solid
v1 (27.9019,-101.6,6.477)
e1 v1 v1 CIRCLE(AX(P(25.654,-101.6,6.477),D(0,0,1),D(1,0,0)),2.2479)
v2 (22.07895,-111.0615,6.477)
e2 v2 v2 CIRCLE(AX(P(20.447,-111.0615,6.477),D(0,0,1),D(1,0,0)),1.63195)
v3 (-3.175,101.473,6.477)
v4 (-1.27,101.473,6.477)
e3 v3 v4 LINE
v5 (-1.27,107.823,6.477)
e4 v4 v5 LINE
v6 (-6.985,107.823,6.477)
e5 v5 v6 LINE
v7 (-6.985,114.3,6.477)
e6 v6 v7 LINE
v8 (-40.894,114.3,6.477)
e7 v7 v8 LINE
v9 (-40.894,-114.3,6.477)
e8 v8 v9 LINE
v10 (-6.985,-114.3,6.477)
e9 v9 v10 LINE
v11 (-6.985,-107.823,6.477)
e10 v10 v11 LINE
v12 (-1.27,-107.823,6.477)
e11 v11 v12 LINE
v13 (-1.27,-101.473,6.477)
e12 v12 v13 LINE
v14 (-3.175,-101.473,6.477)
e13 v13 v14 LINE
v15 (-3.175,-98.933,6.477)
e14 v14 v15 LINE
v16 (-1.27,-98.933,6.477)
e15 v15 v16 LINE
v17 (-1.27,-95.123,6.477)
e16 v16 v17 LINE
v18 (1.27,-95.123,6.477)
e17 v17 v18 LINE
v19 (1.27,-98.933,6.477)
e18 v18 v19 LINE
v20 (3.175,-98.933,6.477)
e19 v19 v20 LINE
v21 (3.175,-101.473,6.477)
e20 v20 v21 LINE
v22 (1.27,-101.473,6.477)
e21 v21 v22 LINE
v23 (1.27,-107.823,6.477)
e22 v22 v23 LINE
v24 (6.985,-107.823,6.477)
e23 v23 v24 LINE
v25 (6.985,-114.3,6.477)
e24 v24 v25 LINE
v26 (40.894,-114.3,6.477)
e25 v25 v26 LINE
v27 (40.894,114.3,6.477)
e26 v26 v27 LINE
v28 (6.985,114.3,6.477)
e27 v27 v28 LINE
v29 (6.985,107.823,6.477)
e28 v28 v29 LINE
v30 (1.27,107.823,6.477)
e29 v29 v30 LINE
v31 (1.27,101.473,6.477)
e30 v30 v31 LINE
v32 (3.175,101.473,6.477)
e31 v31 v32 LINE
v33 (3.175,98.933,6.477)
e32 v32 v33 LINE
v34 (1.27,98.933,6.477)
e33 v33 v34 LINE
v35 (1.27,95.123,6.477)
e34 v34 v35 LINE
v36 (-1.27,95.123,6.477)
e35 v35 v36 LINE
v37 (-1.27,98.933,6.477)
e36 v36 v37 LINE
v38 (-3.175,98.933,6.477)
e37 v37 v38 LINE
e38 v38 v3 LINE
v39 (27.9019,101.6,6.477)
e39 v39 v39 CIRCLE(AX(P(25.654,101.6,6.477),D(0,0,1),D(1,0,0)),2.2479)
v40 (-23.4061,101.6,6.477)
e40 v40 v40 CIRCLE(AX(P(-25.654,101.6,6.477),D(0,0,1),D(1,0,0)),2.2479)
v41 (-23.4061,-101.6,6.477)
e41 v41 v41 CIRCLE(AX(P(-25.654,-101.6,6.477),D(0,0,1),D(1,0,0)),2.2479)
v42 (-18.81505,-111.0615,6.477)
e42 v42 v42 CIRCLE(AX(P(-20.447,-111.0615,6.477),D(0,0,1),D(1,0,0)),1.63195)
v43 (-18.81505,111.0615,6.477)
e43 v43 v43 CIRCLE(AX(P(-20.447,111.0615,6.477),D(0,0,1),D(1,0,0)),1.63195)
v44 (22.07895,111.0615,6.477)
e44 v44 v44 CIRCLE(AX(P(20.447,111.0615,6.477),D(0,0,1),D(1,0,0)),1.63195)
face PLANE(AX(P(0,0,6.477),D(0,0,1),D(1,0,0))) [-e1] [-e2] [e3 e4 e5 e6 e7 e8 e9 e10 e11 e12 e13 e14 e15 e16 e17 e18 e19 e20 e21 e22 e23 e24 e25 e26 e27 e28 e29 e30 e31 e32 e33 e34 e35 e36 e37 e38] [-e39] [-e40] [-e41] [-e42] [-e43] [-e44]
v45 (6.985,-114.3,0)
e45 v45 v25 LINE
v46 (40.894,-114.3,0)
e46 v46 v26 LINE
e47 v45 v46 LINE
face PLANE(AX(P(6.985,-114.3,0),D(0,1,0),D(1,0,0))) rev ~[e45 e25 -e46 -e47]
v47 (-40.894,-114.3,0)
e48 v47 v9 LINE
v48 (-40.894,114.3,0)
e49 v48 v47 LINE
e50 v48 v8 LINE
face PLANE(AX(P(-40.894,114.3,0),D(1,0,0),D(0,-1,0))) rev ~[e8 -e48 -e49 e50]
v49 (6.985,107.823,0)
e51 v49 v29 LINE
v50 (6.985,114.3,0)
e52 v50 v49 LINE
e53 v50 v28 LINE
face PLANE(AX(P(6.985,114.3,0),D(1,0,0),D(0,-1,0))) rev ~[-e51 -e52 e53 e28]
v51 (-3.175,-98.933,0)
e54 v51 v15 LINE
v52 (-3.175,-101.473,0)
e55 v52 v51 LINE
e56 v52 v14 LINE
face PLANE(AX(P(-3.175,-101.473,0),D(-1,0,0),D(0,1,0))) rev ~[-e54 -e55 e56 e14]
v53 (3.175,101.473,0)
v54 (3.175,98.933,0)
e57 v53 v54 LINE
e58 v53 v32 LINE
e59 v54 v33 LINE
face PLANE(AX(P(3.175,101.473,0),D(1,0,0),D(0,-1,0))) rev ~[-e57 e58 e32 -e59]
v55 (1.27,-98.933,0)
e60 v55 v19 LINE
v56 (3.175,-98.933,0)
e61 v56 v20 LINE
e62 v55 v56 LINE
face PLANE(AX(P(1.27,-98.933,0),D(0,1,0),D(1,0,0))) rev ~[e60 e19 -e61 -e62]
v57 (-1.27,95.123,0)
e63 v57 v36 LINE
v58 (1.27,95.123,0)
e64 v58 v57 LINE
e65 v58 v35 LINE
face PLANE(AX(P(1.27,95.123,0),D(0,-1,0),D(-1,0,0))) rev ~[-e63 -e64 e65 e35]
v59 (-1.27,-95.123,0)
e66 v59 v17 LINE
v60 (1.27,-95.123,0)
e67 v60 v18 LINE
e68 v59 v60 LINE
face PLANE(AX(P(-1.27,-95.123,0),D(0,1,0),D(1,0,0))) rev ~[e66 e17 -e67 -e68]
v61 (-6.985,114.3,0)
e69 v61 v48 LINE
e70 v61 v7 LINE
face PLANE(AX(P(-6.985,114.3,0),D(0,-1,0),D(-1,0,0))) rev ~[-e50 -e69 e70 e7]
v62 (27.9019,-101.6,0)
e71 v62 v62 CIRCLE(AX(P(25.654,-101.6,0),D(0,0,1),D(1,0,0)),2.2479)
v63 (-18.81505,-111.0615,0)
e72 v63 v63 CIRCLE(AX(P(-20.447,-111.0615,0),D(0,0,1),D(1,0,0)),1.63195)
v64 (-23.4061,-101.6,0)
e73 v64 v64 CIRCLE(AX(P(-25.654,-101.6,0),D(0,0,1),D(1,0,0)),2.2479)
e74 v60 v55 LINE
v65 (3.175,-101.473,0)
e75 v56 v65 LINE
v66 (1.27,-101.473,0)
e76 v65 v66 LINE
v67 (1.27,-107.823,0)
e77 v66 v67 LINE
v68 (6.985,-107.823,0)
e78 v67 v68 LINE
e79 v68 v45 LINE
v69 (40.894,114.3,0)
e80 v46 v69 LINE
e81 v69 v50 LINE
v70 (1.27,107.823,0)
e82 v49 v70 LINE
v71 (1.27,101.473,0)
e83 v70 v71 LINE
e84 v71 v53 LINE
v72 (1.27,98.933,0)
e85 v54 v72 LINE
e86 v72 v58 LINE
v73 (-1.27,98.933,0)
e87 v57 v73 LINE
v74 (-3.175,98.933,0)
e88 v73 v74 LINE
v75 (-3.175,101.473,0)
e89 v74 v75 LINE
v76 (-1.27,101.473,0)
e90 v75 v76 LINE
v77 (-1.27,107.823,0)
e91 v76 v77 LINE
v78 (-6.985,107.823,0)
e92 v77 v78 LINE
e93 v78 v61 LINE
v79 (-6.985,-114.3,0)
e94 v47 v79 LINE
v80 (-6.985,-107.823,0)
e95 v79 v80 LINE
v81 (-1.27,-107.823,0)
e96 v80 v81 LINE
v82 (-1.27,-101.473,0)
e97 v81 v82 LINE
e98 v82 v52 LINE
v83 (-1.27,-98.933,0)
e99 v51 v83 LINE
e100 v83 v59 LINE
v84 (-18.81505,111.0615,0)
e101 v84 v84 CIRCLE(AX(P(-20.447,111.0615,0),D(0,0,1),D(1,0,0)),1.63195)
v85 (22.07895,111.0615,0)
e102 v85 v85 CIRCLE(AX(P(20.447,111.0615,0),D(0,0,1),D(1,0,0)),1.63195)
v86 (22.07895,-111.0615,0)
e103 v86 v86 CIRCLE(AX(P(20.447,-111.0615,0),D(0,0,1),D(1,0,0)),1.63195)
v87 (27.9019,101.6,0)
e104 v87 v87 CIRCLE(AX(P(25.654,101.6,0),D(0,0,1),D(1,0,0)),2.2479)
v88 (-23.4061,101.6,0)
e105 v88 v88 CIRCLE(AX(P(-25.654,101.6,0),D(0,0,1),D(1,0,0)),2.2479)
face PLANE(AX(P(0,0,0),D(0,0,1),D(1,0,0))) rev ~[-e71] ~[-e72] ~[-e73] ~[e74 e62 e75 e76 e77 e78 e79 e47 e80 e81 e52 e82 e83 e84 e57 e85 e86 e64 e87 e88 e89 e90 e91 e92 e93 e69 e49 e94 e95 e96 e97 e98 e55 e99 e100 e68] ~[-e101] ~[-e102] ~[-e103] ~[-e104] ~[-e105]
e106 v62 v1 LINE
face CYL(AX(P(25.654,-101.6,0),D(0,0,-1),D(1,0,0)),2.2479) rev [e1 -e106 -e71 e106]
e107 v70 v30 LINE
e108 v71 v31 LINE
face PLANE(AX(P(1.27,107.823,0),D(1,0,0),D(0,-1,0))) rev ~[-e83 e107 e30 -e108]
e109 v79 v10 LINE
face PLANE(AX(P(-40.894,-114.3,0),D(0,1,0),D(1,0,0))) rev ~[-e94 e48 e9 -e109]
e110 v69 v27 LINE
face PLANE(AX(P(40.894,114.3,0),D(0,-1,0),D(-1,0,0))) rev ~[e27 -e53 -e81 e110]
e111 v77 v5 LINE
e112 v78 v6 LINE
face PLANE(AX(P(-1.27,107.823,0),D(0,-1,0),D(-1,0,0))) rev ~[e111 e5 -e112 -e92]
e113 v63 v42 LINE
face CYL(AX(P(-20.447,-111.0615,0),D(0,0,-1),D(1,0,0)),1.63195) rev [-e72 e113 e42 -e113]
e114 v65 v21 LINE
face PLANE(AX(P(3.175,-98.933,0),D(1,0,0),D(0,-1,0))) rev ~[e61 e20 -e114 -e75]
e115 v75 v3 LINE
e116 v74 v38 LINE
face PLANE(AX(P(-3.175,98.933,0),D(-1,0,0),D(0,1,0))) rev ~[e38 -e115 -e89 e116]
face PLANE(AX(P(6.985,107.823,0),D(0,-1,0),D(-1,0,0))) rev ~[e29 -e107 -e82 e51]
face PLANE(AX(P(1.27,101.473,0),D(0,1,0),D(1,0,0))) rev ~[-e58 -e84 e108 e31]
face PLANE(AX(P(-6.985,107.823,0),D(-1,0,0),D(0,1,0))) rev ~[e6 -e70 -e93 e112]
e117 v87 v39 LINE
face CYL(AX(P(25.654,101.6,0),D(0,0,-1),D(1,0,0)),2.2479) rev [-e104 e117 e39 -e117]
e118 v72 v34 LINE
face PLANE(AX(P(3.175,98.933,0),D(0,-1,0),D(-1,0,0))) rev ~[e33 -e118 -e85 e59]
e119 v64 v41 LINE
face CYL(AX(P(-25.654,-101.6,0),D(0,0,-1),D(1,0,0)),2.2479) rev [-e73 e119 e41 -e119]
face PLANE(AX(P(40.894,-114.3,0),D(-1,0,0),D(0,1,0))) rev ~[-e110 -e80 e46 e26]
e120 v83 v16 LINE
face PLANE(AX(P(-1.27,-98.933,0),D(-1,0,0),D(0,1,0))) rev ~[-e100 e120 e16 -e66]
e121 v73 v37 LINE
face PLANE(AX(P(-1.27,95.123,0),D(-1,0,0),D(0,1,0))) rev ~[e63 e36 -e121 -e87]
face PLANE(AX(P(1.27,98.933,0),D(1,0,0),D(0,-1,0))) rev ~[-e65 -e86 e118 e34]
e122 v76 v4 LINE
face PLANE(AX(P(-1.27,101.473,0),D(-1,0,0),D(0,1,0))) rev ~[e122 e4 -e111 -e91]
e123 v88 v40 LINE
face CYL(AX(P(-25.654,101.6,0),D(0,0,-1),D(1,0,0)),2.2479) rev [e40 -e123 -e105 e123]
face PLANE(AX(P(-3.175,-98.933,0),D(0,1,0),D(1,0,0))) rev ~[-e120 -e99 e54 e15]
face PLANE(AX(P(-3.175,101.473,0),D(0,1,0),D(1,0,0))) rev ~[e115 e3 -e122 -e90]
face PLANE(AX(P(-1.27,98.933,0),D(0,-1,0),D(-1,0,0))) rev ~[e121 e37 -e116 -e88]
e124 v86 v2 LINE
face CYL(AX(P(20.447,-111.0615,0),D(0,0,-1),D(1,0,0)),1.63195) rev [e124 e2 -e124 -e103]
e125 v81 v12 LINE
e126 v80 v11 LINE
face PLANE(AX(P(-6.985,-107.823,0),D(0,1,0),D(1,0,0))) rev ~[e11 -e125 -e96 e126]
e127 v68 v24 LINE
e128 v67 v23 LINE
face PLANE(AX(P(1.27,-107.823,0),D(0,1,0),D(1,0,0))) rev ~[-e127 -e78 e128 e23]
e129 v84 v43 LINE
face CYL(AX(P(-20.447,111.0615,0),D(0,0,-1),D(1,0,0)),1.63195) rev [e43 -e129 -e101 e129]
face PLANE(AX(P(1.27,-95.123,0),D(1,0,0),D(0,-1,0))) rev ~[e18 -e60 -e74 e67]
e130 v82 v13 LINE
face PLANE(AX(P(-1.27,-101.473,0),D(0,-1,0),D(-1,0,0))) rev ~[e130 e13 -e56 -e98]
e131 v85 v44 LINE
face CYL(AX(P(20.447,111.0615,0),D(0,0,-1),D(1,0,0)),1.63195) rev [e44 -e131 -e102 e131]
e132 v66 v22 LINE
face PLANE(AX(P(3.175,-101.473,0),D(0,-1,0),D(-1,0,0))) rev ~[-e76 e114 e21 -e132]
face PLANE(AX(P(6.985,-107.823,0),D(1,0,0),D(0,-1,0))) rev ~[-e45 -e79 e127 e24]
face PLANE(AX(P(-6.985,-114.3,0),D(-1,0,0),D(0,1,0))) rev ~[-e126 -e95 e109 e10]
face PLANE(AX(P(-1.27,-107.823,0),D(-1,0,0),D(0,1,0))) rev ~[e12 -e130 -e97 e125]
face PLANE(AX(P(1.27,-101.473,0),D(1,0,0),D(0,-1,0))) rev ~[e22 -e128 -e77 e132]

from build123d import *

# Parameters (mm, degrees)
SKETCH1_R           = 2.2479
SKETCH1_R_2         = 1.63195
BOSS_EXTRUDE1_DEPTH = 6.477


with BuildPart() as part:
    # Sketch1 → Boss-Extrude1 (new body)
    with BuildSketch(Plane.XY):
        Polygon((-6.985, -107.823), (-1.27, -107.823), (-1.27, -101.473), (-3.175, -101.473), (-3.175, -98.933), (-1.27, -98.933), (-1.27, -95.123), (1.27, -95.123), (1.27, -98.933), (3.175, -98.933), (3.175, -101.473), (1.27, -101.473), (1.27, -107.823), (6.985, -107.823), (6.985, -114.3), (40.894, -114.3), (40.894, 114.3), (6.985, 114.3), (6.985, 107.823), (1.27, 107.823), (1.27, 101.473), (3.175, 101.473), (3.175, 98.933), (1.27, 98.933), (1.27, 95.123), (-1.27, 95.123), (-1.27, 98.933), (-3.175, 98.933), (-3.175, 101.473), (-1.27, 101.473), (-1.27, 107.823), (-6.985, 107.823), (-6.985, 114.3), (-40.894, 114.3), (-40.894, -114.3), (-6.985, -114.3), align=None)
        with Locations((-25.654, -101.6)):
            Circle(SKETCH1_R, mode=Mode.SUBTRACT)
        with Locations((-20.447, -111.0615)):
            Circle(SKETCH1_R_2, mode=Mode.SUBTRACT)
        with Locations((20.447, -111.0615)):
            Circle(SKETCH1_R_2, mode=Mode.SUBTRACT)
        with Locations((25.654, -101.6)):
            Circle(SKETCH1_R, mode=Mode.SUBTRACT)
        with Locations((-25.654, 101.6)):
            Circle(SKETCH1_R, mode=Mode.SUBTRACT)
        with Locations((-20.447, 111.0615)):
            Circle(SKETCH1_R_2, mode=Mode.SUBTRACT)
        with Locations((20.447, 111.0615)):
            Circle(SKETCH1_R_2, mode=Mode.SUBTRACT)
        with Locations((25.654, 101.6)):
            Circle(SKETCH1_R, mode=Mode.SUBTRACT)
    extrude(amount=BOSS_EXTRUDE1_DEPTH)


solid = part.part
